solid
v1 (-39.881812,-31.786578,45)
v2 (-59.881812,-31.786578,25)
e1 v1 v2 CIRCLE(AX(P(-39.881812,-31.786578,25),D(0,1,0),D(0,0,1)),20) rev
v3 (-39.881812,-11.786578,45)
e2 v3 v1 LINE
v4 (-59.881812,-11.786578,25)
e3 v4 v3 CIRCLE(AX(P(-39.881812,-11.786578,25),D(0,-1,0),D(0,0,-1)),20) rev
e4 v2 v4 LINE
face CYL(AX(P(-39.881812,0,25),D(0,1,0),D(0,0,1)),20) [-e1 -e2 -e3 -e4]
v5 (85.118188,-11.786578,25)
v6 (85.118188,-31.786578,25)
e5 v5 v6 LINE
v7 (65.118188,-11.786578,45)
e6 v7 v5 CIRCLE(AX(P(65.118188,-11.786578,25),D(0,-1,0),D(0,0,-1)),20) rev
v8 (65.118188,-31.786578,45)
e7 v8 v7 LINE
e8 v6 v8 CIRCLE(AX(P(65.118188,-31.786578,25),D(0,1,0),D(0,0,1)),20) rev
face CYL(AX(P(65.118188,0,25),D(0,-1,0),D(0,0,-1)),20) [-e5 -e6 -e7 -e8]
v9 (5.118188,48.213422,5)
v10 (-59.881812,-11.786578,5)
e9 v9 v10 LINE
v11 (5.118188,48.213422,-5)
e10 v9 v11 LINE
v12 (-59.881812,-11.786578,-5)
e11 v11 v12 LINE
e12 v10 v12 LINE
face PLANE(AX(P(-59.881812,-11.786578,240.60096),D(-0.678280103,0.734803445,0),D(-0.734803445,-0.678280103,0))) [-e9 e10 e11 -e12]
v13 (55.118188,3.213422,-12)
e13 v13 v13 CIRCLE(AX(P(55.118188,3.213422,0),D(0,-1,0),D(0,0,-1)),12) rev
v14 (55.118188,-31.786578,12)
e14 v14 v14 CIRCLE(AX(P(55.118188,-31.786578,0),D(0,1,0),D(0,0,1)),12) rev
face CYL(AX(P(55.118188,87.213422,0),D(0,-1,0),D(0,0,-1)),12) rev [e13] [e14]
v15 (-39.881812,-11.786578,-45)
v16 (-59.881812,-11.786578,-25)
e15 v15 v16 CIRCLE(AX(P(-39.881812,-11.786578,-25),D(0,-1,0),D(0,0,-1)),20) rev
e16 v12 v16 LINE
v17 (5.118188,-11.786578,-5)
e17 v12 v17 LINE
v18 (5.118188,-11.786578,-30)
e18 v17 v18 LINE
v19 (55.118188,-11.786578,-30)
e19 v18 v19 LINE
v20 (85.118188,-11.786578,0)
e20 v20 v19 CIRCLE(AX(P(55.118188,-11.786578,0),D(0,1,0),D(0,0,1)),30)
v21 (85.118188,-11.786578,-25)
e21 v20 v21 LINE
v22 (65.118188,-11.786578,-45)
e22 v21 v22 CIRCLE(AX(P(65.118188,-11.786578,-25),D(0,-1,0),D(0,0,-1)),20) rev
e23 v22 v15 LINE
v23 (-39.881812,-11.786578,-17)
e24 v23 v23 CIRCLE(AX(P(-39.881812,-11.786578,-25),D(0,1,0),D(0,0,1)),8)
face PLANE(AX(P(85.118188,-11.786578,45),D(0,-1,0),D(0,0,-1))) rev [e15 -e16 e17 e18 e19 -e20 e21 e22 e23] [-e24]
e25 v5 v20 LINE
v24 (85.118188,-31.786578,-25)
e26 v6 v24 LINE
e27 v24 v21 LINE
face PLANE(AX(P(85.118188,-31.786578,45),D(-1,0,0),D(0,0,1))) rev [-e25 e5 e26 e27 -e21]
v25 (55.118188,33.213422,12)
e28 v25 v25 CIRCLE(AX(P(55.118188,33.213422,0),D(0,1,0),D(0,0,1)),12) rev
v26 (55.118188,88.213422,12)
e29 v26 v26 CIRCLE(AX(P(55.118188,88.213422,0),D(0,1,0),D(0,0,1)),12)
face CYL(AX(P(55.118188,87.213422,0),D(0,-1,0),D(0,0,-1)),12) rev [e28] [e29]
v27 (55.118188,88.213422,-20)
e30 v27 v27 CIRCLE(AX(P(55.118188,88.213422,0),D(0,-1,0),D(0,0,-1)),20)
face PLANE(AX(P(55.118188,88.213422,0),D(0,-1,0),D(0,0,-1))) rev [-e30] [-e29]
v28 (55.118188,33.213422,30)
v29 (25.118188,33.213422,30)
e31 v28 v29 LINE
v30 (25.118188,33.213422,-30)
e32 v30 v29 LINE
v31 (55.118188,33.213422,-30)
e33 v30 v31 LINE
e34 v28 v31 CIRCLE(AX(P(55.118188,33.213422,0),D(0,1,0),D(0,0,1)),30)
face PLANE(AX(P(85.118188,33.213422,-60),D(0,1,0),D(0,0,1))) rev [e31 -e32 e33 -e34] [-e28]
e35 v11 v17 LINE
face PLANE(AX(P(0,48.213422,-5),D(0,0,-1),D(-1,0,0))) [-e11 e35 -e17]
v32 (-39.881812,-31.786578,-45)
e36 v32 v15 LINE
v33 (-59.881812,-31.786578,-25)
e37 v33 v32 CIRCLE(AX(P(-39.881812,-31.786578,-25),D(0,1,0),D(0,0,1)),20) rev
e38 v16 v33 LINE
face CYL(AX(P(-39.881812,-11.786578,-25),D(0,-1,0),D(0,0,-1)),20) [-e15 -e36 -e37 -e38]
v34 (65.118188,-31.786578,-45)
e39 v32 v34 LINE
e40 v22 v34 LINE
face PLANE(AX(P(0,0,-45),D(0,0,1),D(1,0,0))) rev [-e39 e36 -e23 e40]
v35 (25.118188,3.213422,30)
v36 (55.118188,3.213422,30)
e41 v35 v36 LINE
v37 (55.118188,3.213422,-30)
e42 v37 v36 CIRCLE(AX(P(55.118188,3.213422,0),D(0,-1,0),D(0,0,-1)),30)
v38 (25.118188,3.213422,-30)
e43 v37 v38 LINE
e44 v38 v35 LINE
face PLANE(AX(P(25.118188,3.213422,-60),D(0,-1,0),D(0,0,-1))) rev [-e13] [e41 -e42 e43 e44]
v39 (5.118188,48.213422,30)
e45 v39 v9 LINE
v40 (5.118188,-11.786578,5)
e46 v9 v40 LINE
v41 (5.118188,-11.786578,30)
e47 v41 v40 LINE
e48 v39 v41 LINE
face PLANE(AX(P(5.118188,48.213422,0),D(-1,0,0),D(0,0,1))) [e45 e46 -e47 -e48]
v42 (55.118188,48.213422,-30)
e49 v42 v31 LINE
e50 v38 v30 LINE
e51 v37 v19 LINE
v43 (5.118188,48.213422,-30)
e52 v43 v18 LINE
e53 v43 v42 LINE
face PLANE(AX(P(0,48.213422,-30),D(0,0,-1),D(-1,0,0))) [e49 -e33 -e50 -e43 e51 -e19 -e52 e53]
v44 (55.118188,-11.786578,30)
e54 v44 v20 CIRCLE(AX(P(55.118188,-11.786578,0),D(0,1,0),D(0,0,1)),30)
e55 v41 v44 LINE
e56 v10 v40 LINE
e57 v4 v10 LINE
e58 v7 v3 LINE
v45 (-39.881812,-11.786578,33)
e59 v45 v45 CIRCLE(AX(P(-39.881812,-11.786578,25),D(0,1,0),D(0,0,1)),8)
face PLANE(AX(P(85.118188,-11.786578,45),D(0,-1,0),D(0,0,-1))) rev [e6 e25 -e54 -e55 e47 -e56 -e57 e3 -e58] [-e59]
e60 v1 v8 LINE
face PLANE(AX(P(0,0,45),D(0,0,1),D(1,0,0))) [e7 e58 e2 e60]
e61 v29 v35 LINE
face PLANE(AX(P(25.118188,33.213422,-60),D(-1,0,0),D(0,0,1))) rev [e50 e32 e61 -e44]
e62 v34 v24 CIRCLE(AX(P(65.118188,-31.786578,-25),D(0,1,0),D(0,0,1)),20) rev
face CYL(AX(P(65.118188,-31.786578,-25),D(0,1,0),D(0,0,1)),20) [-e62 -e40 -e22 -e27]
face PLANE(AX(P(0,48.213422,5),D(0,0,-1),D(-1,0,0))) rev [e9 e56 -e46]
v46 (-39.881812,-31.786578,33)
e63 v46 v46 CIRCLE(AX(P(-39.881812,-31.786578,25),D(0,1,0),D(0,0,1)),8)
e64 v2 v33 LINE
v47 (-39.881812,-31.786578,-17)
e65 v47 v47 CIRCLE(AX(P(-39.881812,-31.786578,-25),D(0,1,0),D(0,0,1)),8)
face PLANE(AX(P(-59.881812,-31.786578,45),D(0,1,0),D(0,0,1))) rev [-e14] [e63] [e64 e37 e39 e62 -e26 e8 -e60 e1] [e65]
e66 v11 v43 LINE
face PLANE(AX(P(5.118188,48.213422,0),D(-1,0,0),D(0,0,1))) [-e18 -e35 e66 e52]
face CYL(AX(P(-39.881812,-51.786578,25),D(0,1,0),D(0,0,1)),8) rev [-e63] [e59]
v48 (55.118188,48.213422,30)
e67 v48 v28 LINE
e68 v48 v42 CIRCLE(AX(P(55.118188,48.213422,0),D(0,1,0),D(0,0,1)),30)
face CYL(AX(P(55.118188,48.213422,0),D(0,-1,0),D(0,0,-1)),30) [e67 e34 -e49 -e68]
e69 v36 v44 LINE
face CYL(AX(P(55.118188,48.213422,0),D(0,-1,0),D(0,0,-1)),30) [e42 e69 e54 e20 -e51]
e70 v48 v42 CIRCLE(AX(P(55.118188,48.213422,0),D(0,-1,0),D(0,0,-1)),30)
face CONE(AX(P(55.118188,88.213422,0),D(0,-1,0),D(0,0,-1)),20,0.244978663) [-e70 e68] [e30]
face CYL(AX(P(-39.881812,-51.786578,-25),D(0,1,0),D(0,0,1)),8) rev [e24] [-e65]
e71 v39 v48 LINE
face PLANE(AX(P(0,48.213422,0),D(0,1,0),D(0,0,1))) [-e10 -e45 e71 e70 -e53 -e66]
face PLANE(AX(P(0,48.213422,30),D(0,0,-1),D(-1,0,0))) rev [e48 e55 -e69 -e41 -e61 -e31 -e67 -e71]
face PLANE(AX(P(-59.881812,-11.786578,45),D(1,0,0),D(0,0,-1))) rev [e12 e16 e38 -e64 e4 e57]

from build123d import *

# Parameters (mm, degrees)
SKETCH3_W               = 145
SKETCH3_H               = 20
BOSS_EXTRUDE3_DEPTH     = 45
BOSS_EXTRUDE6_DEPTH     = 60
CUT_EXTRUDE6_DEPTH      = 110.861912755
CUT_EXTRUDE6_DEPTH_BACK = 10
SKETCH10_W              = 60
SKETCH10_H              = 30
CUT_EXTRUDE7_DEPTH      = 90
CUT_EXTRUDE9_DEPTH      = 84
CUT_EXTRUDE9_DEPTH_BACK = 59
SKETCH11_R              = 12
SKETCH15_R              = 12
CUT_EXTRUDE10_DEPTH     = 40
SKETCH16_R              = 8
CUT_EXTRUDE11_DEPTH     = 40
FILLET1_R               = 20
FILLET2_R               = 20
FILLET3_R               = 20
FILLET4_R               = 20


with BuildPart() as part:
    # Sketch3 → Boss-Extrude3 (new, symmetric)
    with BuildSketch(Plane.XY):
        with Locations((12.618187605, -21.786578497)):
            Rectangle(SKETCH3_W, SKETCH3_H)
    extrude(amount=BOSS_EXTRUDE3_DEPTH, both=True)

    # Sketch4 → Boss-Extrude6 (add)
    with BuildSketch(Plane(origin=(0, -11.786578497, 0), x_dir=(1, 0, 0), z_dir=(0, 1, 0))):
        Polygon((5.118187605, 5), (-59.881812395, 5), (-59.881812395, -5), (5.118187605, -5), (5.118187605, 0), align=None)
        with BuildLine():
            Line((5.118187605, -30), (55.118187605, -30))
            ThreePointArc((55.118187605, -30), (85.118187605, 0), (55.118187605, 30))
            Line((55.118187605, 30), (5.118187605, 30))
            Line((5.118187605, 30), (5.118187605, 0))
            Line((5.118187605, 0), (5.118187605, -30))
        make_face()
    extrude(amount=BOSS_EXTRUDE6_DEPTH)

    # Sketch7 → Cut-Extrude6 (cut, two sides: drawn at the far end of the back side and taken through both)
    with BuildSketch(Plane.XY.offset(5).offset(-CUT_EXTRUDE6_DEPTH_BACK)):
        Polygon((-297.845774457, -231.445620401), (-59.881812395, -11.786578497), (5.118187605, 48.213421503), (243.082149668, 267.872463407), (-196.23593414, 743.800387532), (-737.163858265, 244.482303724), align=None)
    extrude(amount=CUT_EXTRUDE6_DEPTH + CUT_EXTRUDE6_DEPTH_BACK, mode=Mode.SUBTRACT)

    # Sketch10 → Cut-Extrude7 (cut)
    with BuildSketch(Plane.XY.offset(30)):
        with Locations((55.118187605, 18.213421503)):
            Rectangle(SKETCH10_W, SKETCH10_H)
    extrude(amount=-CUT_EXTRUDE7_DEPTH, mode=Mode.SUBTRACT)

    # Sketch11 → Cut-Extrude9 (cut, two sides: drawn at the far end of the back side and taken through both)
    with BuildSketch(Plane(origin=(0, 3.213421503, 0), x_dir=(1, 0, 0), z_dir=(0, 1, 0)).offset(-CUT_EXTRUDE9_DEPTH_BACK)):
        with Locations(Location((55.118187605, 0, 0), (0, 0, 90))):
            Circle(SKETCH11_R)
    extrude(amount=CUT_EXTRUDE9_DEPTH + CUT_EXTRUDE9_DEPTH_BACK, mode=Mode.SUBTRACT)

    # Sketch13 → Revolve1 (revolve)
    with BuildSketch(Plane.XY, mode=Mode.PRIVATE) as revolve1_sk:
        Polygon((55.118187605, 48.213421503), (55.118187605, 88.213421503), (35.118187605, 88.213421503), (25.118187605, 48.213421503), align=None)
    revolve(revolve1_sk.sketch.rotate(Axis((55.118187605, 48.213421503, 0), (0, 1, 0)), 90), axis=Axis((55.118187605, 48.213421503, 0), (0, 1, 0)))

    # Sketch15 → Cut-Extrude10 (cut)
    with BuildSketch(Plane(origin=(0, 88.213421503, 0), x_dir=(1, 0, 0), z_dir=(0, 1, 0))):
        with Locations(Location((55.118187605, 0, 0), (0, 0, 90))):
            Circle(SKETCH15_R)
    extrude(amount=-CUT_EXTRUDE10_DEPTH, mode=Mode.SUBTRACT)

    # Sketch16 → Cut-Extrude11 (cut)
    with BuildSketch(Plane(origin=(0, -11.786578497, 0), x_dir=(1, 0, 0), z_dir=(0, 1, 0))):
        with Locations(Location((-39.881812395, -25, 0), (0, 0, 270))):
            Circle(SKETCH16_R)
        with Locations(Location((-39.881812395, 25, 0), (0, 0, 270))):
            Circle(SKETCH16_R)
    extrude(amount=-CUT_EXTRUDE11_DEPTH, mode=Mode.SUBTRACT)

    # Fillet1
    fillet1_edges = [part.edges().sort_by_distance(p)[0] for p in [
        (-59.881812395, -21.786578497, 45),
    ]]
    fillet(fillet1_edges, radius=FILLET1_R)

    # Fillet2
    fillet2_edges = [part.edges().sort_by_distance(p)[0] for p in [
        (-59.881812395, -21.786578497, -45),
    ]]
    fillet(fillet2_edges, radius=FILLET2_R)

    # Fillet3
    fillet3_edges = [part.edges().sort_by_distance(p)[0] for p in [
        (85.118187605, -21.786578497, -45),
    ]]
    fillet(fillet3_edges, radius=FILLET3_R)

    # Fillet4
    fillet4_edges = [part.edges().sort_by_distance(p)[0] for p in [
        (85.118187605, -21.786578497, 45),
    ]]
    fillet(fillet4_edges, radius=FILLET4_R)


solid = part.part
